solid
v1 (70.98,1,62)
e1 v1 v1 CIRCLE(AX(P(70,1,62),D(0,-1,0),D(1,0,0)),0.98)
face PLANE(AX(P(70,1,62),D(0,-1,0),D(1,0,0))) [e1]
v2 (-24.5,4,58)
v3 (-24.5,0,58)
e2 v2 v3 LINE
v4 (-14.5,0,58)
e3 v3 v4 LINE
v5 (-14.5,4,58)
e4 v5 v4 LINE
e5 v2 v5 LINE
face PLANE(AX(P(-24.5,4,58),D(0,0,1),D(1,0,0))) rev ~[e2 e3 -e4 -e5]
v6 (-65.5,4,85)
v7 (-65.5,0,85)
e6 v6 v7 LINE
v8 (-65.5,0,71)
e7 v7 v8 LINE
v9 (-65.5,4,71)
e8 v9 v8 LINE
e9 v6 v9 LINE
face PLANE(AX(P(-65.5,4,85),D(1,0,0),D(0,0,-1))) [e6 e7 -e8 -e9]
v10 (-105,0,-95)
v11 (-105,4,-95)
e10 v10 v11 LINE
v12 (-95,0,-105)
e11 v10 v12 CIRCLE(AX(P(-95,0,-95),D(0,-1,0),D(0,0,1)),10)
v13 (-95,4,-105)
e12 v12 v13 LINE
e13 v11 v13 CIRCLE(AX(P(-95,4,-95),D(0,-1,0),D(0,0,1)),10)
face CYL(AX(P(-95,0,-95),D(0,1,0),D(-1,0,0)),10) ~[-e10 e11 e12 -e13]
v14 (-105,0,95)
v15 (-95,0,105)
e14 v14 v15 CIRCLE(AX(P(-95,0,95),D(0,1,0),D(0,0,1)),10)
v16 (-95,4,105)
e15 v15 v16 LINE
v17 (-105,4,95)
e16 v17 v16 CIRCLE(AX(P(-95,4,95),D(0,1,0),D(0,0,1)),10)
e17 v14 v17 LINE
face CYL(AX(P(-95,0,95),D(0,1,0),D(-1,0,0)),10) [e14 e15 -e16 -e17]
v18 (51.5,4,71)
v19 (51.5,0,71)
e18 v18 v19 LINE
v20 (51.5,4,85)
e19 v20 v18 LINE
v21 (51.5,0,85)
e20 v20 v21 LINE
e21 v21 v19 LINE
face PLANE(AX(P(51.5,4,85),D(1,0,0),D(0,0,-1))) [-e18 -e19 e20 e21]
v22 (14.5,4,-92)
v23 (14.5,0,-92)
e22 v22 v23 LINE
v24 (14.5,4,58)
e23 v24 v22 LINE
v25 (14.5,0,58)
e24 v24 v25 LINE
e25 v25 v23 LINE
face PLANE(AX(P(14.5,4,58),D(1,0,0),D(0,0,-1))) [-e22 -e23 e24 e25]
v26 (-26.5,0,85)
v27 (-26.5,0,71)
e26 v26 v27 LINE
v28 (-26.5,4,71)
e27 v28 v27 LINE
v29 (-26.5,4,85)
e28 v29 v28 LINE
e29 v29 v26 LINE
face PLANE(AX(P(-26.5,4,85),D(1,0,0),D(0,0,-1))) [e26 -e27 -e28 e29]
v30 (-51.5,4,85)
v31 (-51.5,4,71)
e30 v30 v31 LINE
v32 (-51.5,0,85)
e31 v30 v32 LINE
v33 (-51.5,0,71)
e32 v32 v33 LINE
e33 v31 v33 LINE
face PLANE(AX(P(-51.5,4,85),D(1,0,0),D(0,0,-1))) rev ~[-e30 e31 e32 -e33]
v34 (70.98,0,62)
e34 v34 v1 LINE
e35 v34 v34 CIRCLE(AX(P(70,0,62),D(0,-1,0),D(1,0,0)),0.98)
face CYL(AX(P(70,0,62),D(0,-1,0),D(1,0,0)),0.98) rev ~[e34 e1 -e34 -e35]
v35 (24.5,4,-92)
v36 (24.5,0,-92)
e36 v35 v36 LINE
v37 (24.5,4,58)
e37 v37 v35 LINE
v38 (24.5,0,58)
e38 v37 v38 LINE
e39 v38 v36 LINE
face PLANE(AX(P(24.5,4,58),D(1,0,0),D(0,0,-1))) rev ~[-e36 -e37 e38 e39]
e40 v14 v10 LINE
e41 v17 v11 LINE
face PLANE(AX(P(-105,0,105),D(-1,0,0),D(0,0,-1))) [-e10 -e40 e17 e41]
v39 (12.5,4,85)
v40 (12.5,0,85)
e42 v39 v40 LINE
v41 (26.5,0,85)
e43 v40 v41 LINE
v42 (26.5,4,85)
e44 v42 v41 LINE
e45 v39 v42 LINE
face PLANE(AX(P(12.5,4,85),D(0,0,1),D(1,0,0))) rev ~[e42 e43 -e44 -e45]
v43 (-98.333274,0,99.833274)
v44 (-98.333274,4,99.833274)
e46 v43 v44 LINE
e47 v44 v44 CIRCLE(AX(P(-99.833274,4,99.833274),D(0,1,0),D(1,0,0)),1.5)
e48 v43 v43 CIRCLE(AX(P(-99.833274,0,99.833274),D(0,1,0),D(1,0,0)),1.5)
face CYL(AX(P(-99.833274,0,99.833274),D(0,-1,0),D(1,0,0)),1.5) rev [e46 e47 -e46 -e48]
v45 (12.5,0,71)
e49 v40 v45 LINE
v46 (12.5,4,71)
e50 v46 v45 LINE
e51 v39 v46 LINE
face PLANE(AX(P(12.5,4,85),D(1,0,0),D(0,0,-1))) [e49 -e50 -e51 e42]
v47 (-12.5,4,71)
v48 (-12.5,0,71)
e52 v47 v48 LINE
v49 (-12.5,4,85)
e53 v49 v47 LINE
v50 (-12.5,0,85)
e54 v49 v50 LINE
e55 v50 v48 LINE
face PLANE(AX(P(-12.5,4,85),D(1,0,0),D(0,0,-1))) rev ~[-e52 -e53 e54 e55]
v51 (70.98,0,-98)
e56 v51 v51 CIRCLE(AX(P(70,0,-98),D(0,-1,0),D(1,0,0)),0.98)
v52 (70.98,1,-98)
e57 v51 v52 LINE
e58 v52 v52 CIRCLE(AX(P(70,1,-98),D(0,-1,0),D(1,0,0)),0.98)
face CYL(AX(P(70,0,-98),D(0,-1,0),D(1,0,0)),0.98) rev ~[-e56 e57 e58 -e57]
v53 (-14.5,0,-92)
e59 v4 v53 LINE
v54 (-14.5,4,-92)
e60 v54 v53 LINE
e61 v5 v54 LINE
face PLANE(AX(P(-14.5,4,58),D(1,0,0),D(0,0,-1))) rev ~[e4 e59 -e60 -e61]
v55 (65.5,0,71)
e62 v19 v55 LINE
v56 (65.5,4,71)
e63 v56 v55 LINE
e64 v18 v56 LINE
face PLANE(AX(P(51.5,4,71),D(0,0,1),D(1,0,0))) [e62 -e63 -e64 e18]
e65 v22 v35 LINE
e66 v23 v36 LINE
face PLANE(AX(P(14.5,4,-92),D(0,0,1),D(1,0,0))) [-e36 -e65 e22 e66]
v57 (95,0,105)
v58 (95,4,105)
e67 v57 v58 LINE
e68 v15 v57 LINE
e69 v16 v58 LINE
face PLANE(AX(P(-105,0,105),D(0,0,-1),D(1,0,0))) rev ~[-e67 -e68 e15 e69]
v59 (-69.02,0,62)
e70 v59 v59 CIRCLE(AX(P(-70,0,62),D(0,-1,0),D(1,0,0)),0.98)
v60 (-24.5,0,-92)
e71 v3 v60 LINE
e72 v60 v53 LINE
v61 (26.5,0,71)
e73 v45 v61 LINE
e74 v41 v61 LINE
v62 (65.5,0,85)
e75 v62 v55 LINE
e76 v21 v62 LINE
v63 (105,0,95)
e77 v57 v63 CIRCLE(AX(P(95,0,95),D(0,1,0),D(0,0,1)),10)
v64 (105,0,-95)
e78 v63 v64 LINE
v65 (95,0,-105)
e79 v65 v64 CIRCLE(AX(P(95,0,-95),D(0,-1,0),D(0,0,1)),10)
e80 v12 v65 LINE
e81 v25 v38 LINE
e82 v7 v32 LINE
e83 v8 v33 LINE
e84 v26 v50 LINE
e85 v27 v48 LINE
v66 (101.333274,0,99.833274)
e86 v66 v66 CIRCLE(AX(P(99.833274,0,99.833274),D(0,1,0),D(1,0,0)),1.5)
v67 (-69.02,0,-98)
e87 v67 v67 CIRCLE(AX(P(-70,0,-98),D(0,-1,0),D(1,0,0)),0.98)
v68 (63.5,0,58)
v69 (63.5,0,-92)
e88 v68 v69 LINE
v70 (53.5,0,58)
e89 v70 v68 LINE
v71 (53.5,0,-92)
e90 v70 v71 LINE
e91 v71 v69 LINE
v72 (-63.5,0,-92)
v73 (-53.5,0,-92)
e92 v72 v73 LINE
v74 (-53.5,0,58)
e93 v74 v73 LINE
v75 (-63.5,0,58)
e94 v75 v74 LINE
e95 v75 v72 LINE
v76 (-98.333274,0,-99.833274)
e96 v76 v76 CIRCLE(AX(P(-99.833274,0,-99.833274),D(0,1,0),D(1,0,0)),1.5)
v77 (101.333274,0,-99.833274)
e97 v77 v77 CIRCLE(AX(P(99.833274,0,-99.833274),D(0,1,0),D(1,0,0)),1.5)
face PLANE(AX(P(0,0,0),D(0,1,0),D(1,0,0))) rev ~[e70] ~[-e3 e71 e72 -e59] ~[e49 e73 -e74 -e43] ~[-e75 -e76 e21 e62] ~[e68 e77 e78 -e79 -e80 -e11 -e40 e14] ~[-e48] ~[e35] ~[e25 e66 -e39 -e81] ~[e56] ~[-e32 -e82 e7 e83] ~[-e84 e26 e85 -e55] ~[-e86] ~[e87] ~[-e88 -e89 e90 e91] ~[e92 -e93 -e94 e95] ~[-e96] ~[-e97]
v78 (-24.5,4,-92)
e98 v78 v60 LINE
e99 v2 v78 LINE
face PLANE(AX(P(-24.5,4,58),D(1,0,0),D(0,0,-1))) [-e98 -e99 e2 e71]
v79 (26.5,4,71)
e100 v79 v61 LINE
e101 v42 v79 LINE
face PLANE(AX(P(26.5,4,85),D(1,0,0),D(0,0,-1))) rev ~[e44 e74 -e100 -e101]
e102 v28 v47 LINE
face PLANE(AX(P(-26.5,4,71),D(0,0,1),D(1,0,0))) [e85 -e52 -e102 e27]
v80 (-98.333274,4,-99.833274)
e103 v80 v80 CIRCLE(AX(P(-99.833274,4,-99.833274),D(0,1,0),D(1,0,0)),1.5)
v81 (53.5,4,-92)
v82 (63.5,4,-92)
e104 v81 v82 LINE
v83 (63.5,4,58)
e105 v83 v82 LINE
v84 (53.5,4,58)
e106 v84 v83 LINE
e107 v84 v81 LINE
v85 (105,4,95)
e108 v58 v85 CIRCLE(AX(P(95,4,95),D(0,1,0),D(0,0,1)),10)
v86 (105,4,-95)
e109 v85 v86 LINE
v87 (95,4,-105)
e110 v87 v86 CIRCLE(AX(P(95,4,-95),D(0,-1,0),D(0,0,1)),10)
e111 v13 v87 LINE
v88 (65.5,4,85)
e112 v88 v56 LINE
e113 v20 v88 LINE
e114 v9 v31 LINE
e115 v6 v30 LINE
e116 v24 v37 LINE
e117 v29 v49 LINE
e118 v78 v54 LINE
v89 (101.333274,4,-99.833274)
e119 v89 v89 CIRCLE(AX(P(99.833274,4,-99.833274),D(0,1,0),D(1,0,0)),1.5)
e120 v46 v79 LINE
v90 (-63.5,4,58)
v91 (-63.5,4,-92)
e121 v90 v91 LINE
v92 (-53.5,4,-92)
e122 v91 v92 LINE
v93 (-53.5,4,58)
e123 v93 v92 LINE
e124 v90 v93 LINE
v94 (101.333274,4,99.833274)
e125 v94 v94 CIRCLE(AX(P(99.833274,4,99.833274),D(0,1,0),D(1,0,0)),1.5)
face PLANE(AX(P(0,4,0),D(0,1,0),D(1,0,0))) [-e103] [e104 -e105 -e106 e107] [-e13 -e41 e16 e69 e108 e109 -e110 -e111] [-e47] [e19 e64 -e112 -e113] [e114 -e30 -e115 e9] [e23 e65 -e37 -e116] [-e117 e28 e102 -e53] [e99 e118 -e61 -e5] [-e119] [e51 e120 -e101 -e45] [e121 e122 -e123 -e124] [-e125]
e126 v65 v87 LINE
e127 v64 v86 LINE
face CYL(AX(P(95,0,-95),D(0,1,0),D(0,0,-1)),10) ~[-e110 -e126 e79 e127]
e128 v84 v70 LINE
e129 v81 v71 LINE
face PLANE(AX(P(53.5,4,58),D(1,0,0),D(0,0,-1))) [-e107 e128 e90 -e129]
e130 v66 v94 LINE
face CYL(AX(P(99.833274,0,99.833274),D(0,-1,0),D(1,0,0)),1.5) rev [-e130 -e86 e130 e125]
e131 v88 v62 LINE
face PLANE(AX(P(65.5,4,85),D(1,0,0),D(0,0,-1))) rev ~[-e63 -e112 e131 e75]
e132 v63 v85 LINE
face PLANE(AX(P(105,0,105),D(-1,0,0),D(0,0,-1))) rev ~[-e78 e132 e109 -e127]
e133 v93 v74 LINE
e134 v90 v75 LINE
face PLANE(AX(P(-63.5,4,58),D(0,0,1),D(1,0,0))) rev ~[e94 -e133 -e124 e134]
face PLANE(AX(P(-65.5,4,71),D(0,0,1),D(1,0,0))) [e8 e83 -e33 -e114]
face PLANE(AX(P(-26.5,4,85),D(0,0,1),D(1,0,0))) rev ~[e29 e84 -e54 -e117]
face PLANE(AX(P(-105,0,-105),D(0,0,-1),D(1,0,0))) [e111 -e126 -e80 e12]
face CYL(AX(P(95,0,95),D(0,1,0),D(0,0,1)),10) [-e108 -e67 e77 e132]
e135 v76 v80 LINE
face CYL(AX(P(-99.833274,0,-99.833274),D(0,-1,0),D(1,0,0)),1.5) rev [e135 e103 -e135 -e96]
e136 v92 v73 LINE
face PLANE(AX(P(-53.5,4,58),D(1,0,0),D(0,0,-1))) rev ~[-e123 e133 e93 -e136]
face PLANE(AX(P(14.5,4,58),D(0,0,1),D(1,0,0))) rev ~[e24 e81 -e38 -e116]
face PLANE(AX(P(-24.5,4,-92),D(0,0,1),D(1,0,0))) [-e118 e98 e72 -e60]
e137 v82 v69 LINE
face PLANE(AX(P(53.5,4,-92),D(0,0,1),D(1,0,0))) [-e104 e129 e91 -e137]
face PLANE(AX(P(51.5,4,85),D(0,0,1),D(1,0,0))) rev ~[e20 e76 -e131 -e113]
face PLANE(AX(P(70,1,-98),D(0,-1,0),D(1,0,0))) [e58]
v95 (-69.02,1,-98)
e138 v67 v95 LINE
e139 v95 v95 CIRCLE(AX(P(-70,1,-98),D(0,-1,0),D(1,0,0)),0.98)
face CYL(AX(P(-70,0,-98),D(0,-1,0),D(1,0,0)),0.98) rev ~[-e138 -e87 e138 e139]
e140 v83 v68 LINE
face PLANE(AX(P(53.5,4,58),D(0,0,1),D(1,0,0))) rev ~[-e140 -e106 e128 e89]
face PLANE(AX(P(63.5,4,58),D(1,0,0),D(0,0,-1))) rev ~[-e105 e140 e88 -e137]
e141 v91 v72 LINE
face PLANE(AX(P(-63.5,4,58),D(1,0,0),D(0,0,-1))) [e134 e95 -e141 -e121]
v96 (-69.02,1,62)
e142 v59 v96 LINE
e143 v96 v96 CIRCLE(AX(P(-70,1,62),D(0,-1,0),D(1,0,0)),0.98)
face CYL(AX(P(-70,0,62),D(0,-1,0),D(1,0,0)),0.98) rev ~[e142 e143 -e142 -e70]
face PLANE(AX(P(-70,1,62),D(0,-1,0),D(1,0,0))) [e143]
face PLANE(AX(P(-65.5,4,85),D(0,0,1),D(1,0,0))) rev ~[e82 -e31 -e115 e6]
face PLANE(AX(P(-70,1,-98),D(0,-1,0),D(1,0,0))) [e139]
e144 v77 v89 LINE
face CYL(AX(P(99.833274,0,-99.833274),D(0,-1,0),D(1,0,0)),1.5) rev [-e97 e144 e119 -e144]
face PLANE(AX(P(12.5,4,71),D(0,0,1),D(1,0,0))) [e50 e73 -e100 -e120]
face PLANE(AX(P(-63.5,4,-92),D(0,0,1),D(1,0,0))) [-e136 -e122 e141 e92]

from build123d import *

# Parameters (mm, degrees)
SKETCH1_W          = 210
SKETCH1_H          = 210
MAINEXTRUDE_DEPTH  = 4
SKETCH1_6_R        = 1.5
SCREWHOLES_DEPTH   = 4
ROUNDEDCORNERS_R   = 10
SKETCH3_W          = 14
SKETCH3_H          = 14
SKETCH3_W_2        = 10
SKETCH3_H_2        = 150
CUTOUTS_DEPTH      = 10
SKETCH6_R          = 0.98
CUT_EXTRUDE1_DEPTH = 1


with BuildPart() as part:
    # Sketch1 → MainExtrude (new body)
    with BuildSketch(Plane(origin=(0, 0, 0), x_dir=(1, 0, 0), z_dir=(0, 1, 0))):
        Rectangle(SKETCH1_W, SKETCH1_H)
    extrude(amount=MAINEXTRUDE_DEPTH)

    # Sketch1<6> → ScrewHoles (cut)
    with BuildSketch(Plane(origin=(0, 0, 0), x_dir=(1, 0, 0), z_dir=(0, 1, 0))):
        with Locations((-99.833273811, 99.833273811)):
            Circle(SKETCH1_6_R)
        with Locations((-99.833273811, -99.833273811)):
            Circle(SKETCH1_6_R)
        with Locations((99.833273811, -99.833273811)):
            Circle(SKETCH1_6_R)
        with Locations((99.833273811, 99.833273811)):
            Circle(SKETCH1_6_R)
    extrude(amount=SCREWHOLES_DEPTH, mode=Mode.SUBTRACT)

    # RoundedCorners
    roundedcorners_edges = [part.edges().sort_by_distance(p)[0] for p in [
        (-105, 2, -105),
        (-105, 2, 105),
        (105, 2, 105),
        (105, 2, -105),
    ]]
    fillet(roundedcorners_edges, radius=ROUNDEDCORNERS_R)

    # Sketch3 → Cutouts (cut)
    with BuildSketch(Plane(origin=(0, 4, 0), x_dir=(1, 0, 0), z_dir=(0, 1, 0))):
        with Locations((-58.5, -78)):
            Rectangle(SKETCH3_W, SKETCH3_H)
        with Locations((-19.5, -78)):
            Rectangle(SKETCH3_W, SKETCH3_H)
        with Locations((19.5, -78)):
            Rectangle(SKETCH3_W, SKETCH3_H)
        with Locations((58.5, -78)):
            Rectangle(SKETCH3_W, SKETCH3_H)
        with Locations((-19.5, 17)):
            Rectangle(SKETCH3_W_2, SKETCH3_H_2)
        with Locations((-58.5, 17)):
            Rectangle(SKETCH3_W_2, SKETCH3_H_2)
        with Locations((19.5, 17)):
            Rectangle(SKETCH3_W_2, SKETCH3_H_2)
        with Locations((58.5, 17)):
            Rectangle(SKETCH3_W_2, SKETCH3_H_2)
    extrude(amount=-CUTOUTS_DEPTH, mode=Mode.SUBTRACT)

    # Sketch6 → Cut-Extrude1 (cut)
    with BuildSketch(Plane.XZ):
        with Locations((-70, 62)):
            Circle(SKETCH6_R)
        with Locations((70, 62)):
            Circle(SKETCH6_R)
        with Locations((70, -98)):
            Circle(SKETCH6_R)
        with Locations((-70, -98)):
            Circle(SKETCH6_R)
    extrude(amount=-CUT_EXTRUDE1_DEPTH, mode=Mode.SUBTRACT)


solid = part.part
